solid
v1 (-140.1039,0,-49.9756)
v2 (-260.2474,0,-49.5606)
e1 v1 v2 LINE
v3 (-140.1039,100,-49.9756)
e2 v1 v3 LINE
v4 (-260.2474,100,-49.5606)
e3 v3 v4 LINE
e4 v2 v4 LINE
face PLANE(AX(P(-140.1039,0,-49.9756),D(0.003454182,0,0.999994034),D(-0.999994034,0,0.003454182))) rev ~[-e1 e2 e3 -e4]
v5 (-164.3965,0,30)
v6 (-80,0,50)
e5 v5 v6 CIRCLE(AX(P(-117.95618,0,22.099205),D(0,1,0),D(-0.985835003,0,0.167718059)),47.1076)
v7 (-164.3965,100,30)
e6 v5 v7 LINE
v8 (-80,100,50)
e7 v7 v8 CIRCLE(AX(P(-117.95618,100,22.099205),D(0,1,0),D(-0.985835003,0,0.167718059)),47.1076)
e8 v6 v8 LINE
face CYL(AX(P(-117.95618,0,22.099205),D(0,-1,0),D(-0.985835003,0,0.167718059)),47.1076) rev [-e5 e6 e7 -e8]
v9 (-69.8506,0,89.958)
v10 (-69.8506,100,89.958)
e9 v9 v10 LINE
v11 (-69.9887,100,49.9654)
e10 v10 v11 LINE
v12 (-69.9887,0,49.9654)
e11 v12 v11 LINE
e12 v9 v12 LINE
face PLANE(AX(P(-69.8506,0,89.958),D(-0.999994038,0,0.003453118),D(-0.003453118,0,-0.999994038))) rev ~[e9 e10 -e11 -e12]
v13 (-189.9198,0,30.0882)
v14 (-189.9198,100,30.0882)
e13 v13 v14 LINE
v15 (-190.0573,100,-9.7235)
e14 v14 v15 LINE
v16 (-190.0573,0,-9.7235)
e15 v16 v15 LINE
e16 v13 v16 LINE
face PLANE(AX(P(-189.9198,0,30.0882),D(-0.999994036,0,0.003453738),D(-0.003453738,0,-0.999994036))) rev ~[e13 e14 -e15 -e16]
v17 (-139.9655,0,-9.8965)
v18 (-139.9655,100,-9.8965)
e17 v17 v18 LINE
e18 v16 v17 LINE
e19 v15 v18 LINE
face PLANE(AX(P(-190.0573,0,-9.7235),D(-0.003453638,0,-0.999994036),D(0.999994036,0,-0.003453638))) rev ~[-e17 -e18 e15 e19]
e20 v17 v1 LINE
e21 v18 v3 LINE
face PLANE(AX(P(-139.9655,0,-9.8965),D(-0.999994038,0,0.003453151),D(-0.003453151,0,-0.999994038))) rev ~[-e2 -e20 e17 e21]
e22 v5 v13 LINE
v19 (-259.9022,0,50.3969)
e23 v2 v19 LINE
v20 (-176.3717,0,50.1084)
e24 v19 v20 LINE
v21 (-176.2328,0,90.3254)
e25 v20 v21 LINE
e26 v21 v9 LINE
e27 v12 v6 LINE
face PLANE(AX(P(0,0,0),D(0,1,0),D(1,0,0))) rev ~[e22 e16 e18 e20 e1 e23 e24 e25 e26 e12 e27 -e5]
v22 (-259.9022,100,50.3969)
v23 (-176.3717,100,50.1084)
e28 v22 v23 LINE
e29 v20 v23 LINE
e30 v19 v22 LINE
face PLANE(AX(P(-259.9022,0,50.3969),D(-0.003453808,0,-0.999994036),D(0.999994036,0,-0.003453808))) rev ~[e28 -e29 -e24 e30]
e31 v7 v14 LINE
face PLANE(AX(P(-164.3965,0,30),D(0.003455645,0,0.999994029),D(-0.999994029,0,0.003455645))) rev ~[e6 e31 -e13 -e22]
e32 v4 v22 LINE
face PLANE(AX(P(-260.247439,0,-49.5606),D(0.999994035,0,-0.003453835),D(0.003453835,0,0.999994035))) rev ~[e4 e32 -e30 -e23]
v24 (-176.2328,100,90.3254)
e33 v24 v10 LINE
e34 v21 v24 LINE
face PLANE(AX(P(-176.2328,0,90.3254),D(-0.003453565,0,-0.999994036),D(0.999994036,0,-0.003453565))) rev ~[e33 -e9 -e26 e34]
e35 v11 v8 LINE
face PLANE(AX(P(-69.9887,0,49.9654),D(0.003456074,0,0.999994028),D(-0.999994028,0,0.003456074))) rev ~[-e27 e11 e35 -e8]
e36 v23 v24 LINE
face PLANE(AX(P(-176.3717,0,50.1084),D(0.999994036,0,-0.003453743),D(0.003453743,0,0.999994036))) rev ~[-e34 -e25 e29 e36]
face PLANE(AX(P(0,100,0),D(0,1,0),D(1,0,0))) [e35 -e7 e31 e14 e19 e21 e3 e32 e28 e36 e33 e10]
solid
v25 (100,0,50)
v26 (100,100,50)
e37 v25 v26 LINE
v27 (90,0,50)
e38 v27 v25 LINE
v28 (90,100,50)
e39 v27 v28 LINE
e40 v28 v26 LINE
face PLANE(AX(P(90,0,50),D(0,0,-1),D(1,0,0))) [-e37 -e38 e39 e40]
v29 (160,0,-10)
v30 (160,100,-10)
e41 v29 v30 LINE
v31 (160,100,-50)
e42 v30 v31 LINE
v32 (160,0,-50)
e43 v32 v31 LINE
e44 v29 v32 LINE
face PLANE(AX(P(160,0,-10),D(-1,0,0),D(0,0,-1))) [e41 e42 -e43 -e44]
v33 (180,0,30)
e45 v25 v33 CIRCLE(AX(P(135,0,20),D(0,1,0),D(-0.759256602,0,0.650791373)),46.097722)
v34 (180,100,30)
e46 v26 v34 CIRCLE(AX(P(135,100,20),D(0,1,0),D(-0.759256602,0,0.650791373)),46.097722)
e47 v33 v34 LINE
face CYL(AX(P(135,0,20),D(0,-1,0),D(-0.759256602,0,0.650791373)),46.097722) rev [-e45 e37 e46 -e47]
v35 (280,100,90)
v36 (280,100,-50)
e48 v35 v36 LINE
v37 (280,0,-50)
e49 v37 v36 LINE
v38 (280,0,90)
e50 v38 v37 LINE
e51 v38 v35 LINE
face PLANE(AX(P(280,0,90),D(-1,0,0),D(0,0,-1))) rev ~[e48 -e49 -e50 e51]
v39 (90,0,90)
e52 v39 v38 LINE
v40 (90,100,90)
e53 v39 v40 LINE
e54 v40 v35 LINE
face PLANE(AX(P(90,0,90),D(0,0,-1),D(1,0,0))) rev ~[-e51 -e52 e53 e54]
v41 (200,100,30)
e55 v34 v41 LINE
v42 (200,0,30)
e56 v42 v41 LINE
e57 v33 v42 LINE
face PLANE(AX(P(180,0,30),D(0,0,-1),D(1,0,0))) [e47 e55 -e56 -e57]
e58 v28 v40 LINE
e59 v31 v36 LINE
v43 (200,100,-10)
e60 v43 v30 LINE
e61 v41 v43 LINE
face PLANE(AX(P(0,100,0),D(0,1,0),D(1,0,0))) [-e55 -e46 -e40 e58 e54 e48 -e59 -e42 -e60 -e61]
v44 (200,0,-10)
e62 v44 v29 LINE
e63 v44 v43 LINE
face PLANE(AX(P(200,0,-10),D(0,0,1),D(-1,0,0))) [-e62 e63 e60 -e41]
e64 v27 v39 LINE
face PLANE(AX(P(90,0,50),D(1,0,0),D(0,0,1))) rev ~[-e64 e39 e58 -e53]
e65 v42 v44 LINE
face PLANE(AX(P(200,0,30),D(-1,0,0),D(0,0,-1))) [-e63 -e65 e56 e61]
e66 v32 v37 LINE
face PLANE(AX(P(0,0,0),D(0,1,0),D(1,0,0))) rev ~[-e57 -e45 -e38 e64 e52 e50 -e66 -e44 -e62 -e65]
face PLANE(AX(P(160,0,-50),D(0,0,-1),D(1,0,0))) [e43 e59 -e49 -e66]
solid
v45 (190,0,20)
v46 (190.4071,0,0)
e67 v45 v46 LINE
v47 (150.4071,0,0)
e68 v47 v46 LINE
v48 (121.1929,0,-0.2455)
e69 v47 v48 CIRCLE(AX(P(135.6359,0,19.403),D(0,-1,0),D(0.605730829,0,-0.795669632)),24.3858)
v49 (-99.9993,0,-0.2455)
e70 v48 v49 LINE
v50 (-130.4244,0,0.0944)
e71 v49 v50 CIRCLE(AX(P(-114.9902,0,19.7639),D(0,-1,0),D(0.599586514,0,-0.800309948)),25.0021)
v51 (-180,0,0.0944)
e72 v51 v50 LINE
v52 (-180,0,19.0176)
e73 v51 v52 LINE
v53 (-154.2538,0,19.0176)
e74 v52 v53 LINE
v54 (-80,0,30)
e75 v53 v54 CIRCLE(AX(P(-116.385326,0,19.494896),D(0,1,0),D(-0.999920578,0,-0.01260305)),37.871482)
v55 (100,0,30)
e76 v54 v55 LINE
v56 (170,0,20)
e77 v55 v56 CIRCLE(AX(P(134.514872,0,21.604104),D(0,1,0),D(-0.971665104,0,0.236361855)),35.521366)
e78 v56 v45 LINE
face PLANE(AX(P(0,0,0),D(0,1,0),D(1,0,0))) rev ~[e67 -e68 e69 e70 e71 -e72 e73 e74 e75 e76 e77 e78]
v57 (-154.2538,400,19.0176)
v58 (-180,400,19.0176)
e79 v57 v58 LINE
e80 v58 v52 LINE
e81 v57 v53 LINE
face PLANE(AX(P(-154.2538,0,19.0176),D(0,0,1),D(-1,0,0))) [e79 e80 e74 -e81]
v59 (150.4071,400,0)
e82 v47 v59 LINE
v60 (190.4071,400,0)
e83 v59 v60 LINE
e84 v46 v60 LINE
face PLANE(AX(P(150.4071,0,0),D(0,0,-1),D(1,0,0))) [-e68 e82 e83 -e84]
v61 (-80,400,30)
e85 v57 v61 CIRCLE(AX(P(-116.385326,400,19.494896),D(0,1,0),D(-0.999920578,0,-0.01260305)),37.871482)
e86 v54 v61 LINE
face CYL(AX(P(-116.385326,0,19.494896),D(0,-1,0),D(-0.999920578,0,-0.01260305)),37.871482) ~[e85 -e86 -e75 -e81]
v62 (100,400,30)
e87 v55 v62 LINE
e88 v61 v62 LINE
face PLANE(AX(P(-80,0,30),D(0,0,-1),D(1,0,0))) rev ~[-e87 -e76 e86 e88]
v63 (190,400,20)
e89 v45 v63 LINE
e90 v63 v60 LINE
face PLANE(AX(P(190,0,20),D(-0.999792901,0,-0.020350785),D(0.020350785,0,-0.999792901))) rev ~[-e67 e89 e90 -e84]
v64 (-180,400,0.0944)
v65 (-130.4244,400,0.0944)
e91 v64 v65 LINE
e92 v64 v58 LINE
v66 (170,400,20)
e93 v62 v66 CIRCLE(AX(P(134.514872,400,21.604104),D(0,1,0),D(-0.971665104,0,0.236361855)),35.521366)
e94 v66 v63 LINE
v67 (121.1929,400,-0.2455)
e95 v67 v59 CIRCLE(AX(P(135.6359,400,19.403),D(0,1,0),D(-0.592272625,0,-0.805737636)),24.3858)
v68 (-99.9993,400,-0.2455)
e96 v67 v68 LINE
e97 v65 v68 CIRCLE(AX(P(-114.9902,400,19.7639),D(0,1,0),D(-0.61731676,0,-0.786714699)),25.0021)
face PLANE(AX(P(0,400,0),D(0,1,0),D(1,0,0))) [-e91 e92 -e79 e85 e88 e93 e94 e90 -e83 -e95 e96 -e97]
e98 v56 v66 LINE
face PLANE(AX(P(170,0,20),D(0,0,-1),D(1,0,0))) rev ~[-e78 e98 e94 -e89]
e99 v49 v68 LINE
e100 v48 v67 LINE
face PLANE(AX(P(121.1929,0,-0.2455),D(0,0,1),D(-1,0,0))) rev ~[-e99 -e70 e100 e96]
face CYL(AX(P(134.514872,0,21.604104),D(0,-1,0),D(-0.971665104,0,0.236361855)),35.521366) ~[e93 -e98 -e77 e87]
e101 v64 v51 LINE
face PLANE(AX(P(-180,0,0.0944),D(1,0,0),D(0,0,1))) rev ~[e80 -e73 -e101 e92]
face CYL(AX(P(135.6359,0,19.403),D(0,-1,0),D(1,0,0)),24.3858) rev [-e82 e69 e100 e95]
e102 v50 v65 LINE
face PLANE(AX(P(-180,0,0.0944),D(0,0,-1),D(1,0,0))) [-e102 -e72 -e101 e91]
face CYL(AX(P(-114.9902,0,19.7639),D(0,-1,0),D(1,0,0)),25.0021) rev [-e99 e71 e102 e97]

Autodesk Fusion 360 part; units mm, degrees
sketch "Sketch1" plane through (0, 0, 0) normal (0, 1, 0) x (1, 0, 0)
  line L0 (-80, -30) -> (100, -30)
  circle A0 centre (-114.9902, -19.7639) radius 25.0021
  circle A1 centre (135.6359, -19.403) radius 24.3858
  line L1 (-260.2482, 49.781) -> (-259.9022, -50.3969)
  line L2 (-259.9022, -50.3969) -> (-176.3717, -50.1084)
  line L3 (-176.3717, -50.1084) -> (-176.2328, -90.3254)
  line L4 (-176.2328, -90.3254) -> (-69.8506, -89.958)
  line L5 (-69.8506, -89.958) -> (-69.9887, -49.9654)
  line L6 (-69.9887, -49.9654) -> (-80, -50)
  line L7 (90, -50) -> (90, -90)
  line L8 (90, -90) -> (280, -90)
  line L9 (280, -90) -> (280, 50)
  line L10 (90, -50) -> (100, -50)
  arc A2 (-154.2538, -19.0176) -> (-80, -30) centre (-116.3853, -19.4949) ccw
  arc A3 (-164.3965, -30) -> (-80, -50) centre (-117.9562, -22.0992) ccw
  line L11 (-154.2538, -19.0176) -> (-176.3829, -19.0176)
  line L12 (-180, -0.0944) -> (-180, -19.0176)
  line L13 (-180, -19.0176) -> (-176.3829, -19.0176)
  line L14 (-180, -0.0944) -> (-130.4244, -0.0944)
  line L15 (121.1929, 0.2455) -> (-99.9993, 0.2455)
  arc A4 (100, -30) -> (170, -20) centre (134.5149, -21.6041) ccw
  arc A5 (100, -50) -> (180, -30) centre (135, -20) ccw
  line L16 (-164.3965, -30) -> (-189.9198, -30.0882)
  line L17 (-189.9198, -30.0882) -> (-190.0573, 9.7235)
  line L18 (-190.0573, 9.7235) -> (-139.9655, 9.8965)
  line L19 (-139.9655, 9.8965) -> (-140.1039, 49.9756)
  line L20 (-140.1039, 49.9756) -> (-260.2474, 49.5606)
  line L21 (150.4071, 0) -> (190.4071, 0)
  line L22 (170, -20) -> (190, -20)
  line L23 (190, -20) -> (190.4071, 0)
  line L24 (180, -30) -> (200, -30)
  line L25 (200, -30) -> (200, 10)
  line L26 (200, 10) -> (160, 10)
  line L27 (160, 10) -> (160, 50)
  line L28 (160, 50) -> (280, 50)
extrude "Extrude1" add sketch "Sketch1" along normal blind 100 contours L0 A0 A1 A2 L11 L12 L13 L14 L15 A4 L21 L22 L23 | L1 L2 L3 L4 L5 L6 A3 L16 L17 L18 L19 L20 | L7 L8 L9 L10 A5 L24 L25 L26 L27 L28 makes body 1 at (-236.7356, 0, -2.9624) makes body 2 at (47.4622, 33.3333, -0.2455) makes body 3 at (153.3333, 33.3333, 90)
extrude "Extrude2" add 1 faces at (40.4235, 100, 15.2743) along direction (0, 1, 0) blind 300 on bodies 2 bodies 2
